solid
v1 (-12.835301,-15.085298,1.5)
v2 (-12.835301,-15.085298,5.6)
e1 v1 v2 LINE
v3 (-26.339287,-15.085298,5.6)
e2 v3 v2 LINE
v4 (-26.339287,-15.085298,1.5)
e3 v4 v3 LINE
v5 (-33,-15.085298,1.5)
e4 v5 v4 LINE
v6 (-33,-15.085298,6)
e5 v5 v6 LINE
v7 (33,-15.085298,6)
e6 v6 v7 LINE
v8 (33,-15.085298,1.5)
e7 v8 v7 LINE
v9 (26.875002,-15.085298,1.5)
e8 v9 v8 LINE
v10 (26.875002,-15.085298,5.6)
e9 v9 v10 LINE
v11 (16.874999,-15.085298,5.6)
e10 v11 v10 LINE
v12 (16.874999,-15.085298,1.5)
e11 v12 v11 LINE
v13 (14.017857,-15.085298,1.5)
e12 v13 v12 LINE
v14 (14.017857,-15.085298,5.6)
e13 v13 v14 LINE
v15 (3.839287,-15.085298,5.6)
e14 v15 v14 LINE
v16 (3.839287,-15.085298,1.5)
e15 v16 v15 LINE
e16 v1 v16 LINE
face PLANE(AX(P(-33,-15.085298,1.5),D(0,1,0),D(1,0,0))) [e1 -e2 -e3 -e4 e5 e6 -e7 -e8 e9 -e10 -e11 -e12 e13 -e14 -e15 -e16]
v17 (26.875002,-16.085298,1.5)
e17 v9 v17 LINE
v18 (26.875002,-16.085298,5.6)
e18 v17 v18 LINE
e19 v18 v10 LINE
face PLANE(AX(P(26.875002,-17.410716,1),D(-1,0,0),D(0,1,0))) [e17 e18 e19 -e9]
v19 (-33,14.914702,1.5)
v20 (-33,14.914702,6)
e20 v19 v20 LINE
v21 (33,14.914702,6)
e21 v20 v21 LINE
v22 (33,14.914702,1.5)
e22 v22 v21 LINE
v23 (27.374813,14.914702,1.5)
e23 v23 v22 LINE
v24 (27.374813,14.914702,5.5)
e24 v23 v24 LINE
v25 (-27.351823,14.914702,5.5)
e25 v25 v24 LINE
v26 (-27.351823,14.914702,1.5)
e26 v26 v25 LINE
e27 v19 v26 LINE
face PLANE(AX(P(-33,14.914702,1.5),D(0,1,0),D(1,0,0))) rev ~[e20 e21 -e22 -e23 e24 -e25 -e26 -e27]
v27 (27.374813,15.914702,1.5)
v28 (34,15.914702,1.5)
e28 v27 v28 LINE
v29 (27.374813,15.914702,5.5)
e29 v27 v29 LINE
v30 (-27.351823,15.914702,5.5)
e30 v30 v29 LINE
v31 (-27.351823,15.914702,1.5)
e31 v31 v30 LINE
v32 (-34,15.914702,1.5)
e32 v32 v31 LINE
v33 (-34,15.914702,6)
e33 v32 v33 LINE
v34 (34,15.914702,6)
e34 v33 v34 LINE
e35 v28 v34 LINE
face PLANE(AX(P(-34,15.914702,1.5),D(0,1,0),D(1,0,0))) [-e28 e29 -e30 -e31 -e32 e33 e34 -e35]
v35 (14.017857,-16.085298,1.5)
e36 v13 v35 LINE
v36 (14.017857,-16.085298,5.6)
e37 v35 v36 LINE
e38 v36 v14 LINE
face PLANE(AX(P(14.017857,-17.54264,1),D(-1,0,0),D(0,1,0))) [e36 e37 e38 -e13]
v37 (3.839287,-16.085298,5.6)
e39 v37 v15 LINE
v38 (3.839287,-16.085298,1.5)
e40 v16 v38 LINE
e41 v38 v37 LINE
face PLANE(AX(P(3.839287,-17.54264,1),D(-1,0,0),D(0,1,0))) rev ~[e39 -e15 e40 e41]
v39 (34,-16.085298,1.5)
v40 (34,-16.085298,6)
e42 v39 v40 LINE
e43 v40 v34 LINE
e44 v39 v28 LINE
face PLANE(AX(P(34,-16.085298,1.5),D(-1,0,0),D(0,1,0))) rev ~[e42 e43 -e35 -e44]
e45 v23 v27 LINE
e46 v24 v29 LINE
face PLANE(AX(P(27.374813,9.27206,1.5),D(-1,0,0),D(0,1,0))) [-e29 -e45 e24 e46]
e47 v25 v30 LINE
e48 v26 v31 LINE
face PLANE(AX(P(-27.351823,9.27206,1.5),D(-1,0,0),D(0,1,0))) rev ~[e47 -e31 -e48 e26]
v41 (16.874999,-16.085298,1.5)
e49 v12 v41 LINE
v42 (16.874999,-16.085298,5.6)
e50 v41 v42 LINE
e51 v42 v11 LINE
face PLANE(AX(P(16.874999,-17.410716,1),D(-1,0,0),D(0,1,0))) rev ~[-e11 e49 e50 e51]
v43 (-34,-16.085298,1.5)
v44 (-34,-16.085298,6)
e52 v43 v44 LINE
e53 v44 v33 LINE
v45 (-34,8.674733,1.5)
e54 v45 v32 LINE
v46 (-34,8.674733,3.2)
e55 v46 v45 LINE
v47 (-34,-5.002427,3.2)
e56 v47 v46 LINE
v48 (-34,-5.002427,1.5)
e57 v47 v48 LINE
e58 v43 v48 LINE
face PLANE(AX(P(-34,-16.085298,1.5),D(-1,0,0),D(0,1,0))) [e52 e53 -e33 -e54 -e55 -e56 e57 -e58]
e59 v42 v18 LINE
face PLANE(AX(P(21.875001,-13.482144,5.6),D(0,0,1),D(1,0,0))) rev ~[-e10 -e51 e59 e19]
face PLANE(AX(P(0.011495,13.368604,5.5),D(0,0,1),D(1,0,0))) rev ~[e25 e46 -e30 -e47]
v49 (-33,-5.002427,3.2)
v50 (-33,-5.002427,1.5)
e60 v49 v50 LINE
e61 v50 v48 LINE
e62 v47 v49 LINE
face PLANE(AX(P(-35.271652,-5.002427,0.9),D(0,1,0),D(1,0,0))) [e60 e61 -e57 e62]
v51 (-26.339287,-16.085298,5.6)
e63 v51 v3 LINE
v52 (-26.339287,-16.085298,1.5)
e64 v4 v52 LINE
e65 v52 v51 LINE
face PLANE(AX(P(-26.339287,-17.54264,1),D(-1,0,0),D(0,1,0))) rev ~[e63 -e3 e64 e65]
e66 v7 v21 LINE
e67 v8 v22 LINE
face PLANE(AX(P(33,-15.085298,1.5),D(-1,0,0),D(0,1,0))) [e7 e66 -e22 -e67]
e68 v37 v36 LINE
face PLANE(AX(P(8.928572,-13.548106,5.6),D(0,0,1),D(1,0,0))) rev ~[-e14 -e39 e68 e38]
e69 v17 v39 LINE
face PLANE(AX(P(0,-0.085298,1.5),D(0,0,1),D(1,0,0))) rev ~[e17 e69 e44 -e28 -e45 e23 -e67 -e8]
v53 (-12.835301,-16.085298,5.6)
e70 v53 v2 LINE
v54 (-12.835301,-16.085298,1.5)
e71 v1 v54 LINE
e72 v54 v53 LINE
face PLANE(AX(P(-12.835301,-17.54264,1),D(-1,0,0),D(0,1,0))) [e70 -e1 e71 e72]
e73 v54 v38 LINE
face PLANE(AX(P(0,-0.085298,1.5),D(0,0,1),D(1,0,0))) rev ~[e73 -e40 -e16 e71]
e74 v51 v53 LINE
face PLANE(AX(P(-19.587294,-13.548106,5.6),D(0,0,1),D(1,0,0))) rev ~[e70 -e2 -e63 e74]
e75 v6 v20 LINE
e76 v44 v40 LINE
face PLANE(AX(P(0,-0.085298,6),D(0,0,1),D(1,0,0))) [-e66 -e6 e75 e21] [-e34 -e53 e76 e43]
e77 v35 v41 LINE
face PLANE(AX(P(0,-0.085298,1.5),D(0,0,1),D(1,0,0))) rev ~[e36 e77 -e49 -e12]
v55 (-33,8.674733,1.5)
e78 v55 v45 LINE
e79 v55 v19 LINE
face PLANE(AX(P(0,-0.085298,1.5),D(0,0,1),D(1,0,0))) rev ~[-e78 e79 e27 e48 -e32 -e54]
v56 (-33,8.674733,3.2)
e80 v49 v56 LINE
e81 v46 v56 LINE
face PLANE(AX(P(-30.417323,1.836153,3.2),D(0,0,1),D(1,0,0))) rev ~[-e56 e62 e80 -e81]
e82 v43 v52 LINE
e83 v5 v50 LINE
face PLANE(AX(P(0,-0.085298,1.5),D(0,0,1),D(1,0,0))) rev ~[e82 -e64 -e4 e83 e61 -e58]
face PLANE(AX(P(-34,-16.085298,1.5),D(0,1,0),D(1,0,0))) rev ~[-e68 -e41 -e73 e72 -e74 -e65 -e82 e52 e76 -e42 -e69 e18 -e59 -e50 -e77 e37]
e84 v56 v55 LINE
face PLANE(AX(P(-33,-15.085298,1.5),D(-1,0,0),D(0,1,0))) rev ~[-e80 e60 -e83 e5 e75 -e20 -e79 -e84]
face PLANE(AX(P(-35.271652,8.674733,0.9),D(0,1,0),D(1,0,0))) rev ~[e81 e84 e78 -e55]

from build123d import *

# Parameters (mm, degrees)
F2_START = 1.5
F0_W     = 68
F0_H     = 32
F0_W_2   = 66.0000007396
F0_H_2   = 30
F2_DEPTH = 4.5
F5_START = 0.9
F3_W     = 9.7086578608
F3_H     = 13.6771607213
F5_DEPTH = 2.3
F6_START = 1
F1_W     = 13.5039854795
F1_H     = 7.9890675843
F1_W_2   = 10.1785697043
F1_W_3   = 10.0000035018
F1_H_2   = 7.8571438789
F6_DEPTH = 4.6
F7_START = 1.5
F4_W     = 54.7266360372
F4_H     = 8.1930877641
F7_DEPTH = 4


with BuildPart() as f2:
    # F0 (on Top) → F2 (new body)
    with BuildSketch(Plane.XY.offset(F2_START)):
        with Locations((0, -0.0852976367)):
            Rectangle(F0_W, F0_H)
        with Locations((0, -0.0852976367)):
            Rectangle(F0_W_2, F0_H_2, mode=Mode.SUBTRACT)
    extrude(amount=F2_DEPTH)

    # F3 (on Top) → F5 (cut)
    with BuildSketch(Plane.XY.offset(F5_START)):
        with Locations((-30.4173231125, 1.8361529801)):
            Rectangle(F3_W, F3_H)
    extrude(amount=F5_DEPTH, mode=Mode.SUBTRACT)

    # F1 (on Top) → F6 (cut)
    with BuildSketch(Plane.XY.offset(F6_START)):
        with Locations((-19.5872941986, -13.5481059551)):
            Rectangle(F1_W, F1_H)
        with Locations((8.9285718277, -13.5481059551)):
            Rectangle(F1_W_2, F1_H)
        with Locations((21.8750005588, -13.4821441025)):
            Rectangle(F1_W_3, F1_H_2)
    extrude(amount=F6_DEPTH, mode=Mode.SUBTRACT)

    # F4 (on Top) → F7 (cut)
    with BuildSketch(Plane.XY.offset(F7_START)):
        with Locations((0.0114953145, 13.3686042391)):
            Rectangle(F4_W, F4_H)
    extrude(amount=F7_DEPTH, mode=Mode.SUBTRACT)


solid = f2.part
